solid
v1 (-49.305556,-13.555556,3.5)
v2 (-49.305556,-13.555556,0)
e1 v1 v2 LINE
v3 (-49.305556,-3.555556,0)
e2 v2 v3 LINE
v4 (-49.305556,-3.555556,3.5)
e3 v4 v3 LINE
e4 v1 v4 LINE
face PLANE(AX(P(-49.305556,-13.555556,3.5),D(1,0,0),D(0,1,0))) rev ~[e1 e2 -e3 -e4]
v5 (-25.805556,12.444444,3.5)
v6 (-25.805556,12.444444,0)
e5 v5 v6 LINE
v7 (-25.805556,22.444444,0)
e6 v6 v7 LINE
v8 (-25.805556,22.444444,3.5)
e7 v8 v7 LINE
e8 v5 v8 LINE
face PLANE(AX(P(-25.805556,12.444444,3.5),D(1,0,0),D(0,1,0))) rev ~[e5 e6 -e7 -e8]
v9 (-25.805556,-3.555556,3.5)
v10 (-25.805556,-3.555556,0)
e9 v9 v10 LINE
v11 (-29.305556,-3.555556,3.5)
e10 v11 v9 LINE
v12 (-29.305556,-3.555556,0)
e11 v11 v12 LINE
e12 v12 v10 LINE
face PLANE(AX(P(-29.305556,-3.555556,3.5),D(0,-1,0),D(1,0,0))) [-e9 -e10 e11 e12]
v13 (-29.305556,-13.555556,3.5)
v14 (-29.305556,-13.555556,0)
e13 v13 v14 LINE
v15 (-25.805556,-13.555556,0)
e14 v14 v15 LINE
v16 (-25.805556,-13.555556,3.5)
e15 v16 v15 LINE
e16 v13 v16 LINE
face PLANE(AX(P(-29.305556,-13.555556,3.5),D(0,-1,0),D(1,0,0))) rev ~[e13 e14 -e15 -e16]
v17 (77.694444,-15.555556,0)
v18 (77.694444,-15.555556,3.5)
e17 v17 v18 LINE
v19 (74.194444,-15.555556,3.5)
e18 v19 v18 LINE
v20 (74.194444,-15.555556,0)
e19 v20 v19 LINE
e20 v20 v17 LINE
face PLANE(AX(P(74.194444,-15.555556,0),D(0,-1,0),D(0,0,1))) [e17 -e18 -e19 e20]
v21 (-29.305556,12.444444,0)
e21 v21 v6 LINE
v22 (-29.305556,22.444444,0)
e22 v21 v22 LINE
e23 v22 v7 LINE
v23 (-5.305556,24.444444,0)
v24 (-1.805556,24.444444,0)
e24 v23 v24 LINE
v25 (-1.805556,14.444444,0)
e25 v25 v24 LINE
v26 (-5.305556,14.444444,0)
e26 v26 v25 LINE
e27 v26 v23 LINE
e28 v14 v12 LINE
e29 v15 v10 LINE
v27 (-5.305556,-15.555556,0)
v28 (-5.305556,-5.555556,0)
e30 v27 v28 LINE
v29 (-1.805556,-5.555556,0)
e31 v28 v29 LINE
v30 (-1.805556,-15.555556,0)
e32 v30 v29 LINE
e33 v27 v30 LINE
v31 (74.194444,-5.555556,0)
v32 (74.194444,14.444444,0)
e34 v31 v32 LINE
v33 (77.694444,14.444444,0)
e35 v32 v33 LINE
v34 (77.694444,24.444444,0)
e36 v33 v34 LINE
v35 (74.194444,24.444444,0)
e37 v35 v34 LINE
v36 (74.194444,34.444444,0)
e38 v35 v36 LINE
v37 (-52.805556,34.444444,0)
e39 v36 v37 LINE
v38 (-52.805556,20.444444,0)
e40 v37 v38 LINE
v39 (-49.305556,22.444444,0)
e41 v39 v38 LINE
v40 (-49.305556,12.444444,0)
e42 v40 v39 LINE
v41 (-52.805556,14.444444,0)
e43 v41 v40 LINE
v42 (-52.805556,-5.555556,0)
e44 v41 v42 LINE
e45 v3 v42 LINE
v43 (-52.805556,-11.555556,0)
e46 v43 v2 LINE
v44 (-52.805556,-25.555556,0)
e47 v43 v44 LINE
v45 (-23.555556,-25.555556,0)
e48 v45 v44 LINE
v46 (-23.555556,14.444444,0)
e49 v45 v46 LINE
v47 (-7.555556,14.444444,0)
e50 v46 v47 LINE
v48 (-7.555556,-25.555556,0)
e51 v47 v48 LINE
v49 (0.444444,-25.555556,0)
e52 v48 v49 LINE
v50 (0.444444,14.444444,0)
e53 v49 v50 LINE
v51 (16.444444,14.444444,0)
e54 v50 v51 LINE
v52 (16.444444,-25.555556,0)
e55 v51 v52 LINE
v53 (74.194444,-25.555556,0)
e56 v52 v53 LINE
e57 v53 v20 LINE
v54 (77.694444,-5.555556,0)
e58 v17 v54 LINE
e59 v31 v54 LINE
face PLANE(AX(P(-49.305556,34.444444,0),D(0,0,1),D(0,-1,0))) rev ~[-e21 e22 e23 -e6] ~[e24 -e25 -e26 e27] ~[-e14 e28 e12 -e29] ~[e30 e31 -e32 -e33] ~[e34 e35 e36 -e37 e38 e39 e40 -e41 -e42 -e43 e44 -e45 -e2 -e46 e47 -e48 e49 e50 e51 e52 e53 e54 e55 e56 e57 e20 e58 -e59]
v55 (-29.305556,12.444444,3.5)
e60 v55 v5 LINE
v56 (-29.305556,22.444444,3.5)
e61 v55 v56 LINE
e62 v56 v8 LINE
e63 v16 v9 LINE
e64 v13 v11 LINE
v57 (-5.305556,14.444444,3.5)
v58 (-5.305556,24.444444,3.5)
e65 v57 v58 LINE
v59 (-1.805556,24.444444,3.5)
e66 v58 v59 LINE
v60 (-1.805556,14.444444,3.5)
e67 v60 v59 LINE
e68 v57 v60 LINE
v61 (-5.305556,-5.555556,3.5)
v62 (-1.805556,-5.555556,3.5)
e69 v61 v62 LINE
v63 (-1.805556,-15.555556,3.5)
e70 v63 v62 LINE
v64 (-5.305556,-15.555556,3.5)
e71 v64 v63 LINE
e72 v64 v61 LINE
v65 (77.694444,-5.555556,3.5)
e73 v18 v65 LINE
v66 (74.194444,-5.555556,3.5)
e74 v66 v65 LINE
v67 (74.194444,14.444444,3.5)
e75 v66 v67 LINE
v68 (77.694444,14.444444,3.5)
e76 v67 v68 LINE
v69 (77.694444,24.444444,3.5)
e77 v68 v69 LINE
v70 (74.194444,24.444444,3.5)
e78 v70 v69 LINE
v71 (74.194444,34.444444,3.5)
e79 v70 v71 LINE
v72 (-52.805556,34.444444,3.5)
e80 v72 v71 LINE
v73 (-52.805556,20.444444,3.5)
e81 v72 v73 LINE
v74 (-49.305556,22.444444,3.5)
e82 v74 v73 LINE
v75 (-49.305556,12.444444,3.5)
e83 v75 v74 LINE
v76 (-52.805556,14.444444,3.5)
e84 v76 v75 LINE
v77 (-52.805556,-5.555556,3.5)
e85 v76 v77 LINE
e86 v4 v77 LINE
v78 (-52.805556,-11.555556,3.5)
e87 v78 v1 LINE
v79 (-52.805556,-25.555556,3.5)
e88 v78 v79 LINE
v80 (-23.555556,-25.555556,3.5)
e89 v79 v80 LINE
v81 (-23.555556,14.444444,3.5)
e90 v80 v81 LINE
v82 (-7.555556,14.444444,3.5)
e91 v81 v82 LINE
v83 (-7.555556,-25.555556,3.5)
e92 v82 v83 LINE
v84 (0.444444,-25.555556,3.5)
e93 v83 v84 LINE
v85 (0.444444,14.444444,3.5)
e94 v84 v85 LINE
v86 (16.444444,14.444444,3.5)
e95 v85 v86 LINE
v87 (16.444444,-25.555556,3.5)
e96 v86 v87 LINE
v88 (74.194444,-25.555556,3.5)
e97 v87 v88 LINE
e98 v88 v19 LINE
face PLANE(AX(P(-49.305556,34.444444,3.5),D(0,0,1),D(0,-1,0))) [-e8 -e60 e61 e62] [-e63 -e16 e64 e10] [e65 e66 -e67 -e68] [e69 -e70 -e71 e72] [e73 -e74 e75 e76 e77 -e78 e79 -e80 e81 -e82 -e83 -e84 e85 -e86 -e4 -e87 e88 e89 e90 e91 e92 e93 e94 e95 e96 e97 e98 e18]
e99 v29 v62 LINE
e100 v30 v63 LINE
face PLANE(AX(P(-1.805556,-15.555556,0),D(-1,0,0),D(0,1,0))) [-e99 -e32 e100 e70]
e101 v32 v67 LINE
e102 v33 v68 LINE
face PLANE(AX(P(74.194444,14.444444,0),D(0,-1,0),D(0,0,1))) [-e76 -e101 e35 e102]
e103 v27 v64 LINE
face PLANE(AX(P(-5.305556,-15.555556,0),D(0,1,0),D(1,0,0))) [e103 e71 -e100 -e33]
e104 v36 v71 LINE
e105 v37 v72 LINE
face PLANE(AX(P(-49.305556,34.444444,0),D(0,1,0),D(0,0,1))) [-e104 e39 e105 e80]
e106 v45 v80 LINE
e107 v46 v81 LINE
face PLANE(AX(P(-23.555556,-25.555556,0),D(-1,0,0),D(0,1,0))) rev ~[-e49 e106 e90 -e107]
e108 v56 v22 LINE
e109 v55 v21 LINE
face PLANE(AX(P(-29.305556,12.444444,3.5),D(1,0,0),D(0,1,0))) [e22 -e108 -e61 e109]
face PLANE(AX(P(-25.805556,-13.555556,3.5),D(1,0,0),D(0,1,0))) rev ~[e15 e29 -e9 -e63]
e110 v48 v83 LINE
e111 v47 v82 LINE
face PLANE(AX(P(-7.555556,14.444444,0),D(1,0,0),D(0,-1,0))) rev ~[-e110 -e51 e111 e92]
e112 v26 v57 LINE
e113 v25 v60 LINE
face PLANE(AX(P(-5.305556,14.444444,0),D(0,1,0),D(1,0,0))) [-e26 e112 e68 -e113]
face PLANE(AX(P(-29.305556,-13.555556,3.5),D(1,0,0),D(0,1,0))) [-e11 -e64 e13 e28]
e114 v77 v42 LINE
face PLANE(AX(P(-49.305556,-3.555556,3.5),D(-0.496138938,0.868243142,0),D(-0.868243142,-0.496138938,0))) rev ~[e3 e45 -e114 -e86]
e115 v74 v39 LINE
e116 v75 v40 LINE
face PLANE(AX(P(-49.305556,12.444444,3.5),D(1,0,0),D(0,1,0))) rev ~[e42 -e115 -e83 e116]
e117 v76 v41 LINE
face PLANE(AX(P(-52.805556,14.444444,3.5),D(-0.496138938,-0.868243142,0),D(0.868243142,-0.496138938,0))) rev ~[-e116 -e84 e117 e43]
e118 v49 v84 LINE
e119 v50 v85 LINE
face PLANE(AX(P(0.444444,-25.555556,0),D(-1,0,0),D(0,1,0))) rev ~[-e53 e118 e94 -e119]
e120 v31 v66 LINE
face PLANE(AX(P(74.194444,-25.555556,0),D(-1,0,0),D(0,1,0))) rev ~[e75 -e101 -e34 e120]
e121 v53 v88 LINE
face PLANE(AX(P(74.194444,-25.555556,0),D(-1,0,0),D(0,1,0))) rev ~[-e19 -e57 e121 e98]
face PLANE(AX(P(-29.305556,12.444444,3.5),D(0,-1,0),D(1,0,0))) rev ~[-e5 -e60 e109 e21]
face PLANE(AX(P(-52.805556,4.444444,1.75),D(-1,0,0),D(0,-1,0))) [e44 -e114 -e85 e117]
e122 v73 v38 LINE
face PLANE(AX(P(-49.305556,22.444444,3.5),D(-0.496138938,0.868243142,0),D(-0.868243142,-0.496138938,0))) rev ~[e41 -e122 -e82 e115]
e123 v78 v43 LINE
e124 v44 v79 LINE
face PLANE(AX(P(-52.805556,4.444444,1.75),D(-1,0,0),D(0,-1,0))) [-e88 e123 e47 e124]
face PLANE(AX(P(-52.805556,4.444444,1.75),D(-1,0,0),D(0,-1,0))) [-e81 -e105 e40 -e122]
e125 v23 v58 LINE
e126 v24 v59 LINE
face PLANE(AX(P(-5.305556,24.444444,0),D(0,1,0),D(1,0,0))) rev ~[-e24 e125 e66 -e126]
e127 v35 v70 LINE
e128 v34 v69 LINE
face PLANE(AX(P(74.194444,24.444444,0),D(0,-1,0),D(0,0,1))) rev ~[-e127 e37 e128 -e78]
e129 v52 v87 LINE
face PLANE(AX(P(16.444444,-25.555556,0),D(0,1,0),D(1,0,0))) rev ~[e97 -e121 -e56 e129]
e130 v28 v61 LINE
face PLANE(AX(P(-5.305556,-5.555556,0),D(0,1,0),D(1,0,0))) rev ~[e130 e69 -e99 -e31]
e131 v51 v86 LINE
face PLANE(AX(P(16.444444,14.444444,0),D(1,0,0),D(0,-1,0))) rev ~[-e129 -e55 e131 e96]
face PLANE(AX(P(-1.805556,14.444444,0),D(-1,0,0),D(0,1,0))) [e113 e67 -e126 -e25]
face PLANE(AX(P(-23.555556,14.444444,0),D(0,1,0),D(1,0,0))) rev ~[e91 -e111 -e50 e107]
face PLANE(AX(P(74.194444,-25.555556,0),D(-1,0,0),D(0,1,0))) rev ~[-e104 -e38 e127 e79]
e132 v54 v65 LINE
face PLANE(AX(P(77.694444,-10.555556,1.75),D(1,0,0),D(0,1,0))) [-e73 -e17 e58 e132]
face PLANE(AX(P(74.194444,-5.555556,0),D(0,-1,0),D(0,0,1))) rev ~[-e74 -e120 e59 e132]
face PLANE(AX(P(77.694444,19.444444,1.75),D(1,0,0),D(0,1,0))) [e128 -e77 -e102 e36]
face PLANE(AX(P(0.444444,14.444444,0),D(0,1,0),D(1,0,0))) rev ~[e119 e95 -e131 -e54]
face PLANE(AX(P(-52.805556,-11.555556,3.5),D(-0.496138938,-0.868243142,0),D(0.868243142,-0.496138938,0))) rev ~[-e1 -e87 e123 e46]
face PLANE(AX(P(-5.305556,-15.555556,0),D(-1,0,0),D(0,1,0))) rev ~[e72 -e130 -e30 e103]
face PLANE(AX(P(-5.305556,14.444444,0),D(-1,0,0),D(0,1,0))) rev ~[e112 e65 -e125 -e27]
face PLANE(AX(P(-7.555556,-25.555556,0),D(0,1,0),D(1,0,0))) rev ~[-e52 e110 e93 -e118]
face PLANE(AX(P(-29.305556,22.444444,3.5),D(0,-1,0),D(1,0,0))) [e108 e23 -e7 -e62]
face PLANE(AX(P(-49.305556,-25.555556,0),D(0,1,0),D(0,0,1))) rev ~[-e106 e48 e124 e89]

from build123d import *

# Parameters (mm, degrees)
F0_W      = 3.5
F0_H      = 10
F1_DEPTH  = 3.5
F1_FACE_W = 60
F1_FACE_H = 3.5
F2_DEPTH  = 3.5
F4_DEPTH  = 3.5
F5_W      = 10
F5_H      = 3.5
F6_DEPTH  = 3.5
F7_W      = 3.5
F7_H      = 10
F8_DEPTH  = 3.5


with BuildPart() as f1:
    # F0 (on Top) → F1 (new body)
    with BuildSketch(Plane.XY):
        Polygon((-49.305556, 34.444444), (-49.305556, -25.555556), (-23.555556, -25.555556), (-23.555556, 14.444444), (-7.555556, 14.444444), (-7.555556, -25.555556), (-5.305556, -25.555556), (-1.805556, -25.555556), (0.444444, -25.555556), (0.444444, 14.444444), (16.444444, 14.444444), (16.444444, -25.555556), (74.194444, -25.555556), (74.194444, 34.444444), (-1.805556, 34.444444), (-5.305556, 34.444444), align=None)
        with Locations((-3.555556, -10.555556)):
            Rectangle(F0_W, F0_H, mode=Mode.SUBTRACT)
        with Locations((-3.555556, 19.444444)):
            Rectangle(F0_W, F0_H, mode=Mode.SUBTRACT)
    extrude(amount=F1_DEPTH)

    # F1_face (on face) → F2 (join)
    with BuildSketch(Plane(origin=(-49.305556, 4.444444, 1.75), x_dir=(0, -1, 0), z_dir=(-1, 0, 0))):
        Rectangle(F1_FACE_W, F1_FACE_H)
    extrude(amount=F2_DEPTH)

    # F3 (on face) → F4 (cut)
    with BuildSketch(Plane.XY.offset(3.5)):
        Polygon((-49.305556, 22.444444), (-52.805556, 20.444444), (-52.805556, 14.444444), (-49.305556, 12.444444), align=None)
        Polygon((-49.305556, -3.555556), (-52.805556, -5.555556), (-52.805556, -11.555556), (-49.305556, -13.555556), align=None)
    extrude(amount=-F4_DEPTH, mode=Mode.SUBTRACT)

    # F5 (on face) → F6 (join)
    with BuildSketch(Plane.YZ.offset(74.194444)):
        with Locations((-10.555556, 1.75)):
            Rectangle(F5_W, F5_H)
        with Locations((19.444444, 1.75)):
            Rectangle(F5_W, F5_H)
    extrude(amount=F6_DEPTH)

    # F7 (on face) → F8 (cut)
    with BuildSketch(Plane.XY.offset(3.5)):
        with Locations((-27.555556, 17.444444)):
            Rectangle(F7_W, F7_H)
        with Locations((-27.555556, -8.555556)):
            Rectangle(F7_W, F7_H)
    extrude(amount=-F8_DEPTH, mode=Mode.SUBTRACT)


solid = f1.part
